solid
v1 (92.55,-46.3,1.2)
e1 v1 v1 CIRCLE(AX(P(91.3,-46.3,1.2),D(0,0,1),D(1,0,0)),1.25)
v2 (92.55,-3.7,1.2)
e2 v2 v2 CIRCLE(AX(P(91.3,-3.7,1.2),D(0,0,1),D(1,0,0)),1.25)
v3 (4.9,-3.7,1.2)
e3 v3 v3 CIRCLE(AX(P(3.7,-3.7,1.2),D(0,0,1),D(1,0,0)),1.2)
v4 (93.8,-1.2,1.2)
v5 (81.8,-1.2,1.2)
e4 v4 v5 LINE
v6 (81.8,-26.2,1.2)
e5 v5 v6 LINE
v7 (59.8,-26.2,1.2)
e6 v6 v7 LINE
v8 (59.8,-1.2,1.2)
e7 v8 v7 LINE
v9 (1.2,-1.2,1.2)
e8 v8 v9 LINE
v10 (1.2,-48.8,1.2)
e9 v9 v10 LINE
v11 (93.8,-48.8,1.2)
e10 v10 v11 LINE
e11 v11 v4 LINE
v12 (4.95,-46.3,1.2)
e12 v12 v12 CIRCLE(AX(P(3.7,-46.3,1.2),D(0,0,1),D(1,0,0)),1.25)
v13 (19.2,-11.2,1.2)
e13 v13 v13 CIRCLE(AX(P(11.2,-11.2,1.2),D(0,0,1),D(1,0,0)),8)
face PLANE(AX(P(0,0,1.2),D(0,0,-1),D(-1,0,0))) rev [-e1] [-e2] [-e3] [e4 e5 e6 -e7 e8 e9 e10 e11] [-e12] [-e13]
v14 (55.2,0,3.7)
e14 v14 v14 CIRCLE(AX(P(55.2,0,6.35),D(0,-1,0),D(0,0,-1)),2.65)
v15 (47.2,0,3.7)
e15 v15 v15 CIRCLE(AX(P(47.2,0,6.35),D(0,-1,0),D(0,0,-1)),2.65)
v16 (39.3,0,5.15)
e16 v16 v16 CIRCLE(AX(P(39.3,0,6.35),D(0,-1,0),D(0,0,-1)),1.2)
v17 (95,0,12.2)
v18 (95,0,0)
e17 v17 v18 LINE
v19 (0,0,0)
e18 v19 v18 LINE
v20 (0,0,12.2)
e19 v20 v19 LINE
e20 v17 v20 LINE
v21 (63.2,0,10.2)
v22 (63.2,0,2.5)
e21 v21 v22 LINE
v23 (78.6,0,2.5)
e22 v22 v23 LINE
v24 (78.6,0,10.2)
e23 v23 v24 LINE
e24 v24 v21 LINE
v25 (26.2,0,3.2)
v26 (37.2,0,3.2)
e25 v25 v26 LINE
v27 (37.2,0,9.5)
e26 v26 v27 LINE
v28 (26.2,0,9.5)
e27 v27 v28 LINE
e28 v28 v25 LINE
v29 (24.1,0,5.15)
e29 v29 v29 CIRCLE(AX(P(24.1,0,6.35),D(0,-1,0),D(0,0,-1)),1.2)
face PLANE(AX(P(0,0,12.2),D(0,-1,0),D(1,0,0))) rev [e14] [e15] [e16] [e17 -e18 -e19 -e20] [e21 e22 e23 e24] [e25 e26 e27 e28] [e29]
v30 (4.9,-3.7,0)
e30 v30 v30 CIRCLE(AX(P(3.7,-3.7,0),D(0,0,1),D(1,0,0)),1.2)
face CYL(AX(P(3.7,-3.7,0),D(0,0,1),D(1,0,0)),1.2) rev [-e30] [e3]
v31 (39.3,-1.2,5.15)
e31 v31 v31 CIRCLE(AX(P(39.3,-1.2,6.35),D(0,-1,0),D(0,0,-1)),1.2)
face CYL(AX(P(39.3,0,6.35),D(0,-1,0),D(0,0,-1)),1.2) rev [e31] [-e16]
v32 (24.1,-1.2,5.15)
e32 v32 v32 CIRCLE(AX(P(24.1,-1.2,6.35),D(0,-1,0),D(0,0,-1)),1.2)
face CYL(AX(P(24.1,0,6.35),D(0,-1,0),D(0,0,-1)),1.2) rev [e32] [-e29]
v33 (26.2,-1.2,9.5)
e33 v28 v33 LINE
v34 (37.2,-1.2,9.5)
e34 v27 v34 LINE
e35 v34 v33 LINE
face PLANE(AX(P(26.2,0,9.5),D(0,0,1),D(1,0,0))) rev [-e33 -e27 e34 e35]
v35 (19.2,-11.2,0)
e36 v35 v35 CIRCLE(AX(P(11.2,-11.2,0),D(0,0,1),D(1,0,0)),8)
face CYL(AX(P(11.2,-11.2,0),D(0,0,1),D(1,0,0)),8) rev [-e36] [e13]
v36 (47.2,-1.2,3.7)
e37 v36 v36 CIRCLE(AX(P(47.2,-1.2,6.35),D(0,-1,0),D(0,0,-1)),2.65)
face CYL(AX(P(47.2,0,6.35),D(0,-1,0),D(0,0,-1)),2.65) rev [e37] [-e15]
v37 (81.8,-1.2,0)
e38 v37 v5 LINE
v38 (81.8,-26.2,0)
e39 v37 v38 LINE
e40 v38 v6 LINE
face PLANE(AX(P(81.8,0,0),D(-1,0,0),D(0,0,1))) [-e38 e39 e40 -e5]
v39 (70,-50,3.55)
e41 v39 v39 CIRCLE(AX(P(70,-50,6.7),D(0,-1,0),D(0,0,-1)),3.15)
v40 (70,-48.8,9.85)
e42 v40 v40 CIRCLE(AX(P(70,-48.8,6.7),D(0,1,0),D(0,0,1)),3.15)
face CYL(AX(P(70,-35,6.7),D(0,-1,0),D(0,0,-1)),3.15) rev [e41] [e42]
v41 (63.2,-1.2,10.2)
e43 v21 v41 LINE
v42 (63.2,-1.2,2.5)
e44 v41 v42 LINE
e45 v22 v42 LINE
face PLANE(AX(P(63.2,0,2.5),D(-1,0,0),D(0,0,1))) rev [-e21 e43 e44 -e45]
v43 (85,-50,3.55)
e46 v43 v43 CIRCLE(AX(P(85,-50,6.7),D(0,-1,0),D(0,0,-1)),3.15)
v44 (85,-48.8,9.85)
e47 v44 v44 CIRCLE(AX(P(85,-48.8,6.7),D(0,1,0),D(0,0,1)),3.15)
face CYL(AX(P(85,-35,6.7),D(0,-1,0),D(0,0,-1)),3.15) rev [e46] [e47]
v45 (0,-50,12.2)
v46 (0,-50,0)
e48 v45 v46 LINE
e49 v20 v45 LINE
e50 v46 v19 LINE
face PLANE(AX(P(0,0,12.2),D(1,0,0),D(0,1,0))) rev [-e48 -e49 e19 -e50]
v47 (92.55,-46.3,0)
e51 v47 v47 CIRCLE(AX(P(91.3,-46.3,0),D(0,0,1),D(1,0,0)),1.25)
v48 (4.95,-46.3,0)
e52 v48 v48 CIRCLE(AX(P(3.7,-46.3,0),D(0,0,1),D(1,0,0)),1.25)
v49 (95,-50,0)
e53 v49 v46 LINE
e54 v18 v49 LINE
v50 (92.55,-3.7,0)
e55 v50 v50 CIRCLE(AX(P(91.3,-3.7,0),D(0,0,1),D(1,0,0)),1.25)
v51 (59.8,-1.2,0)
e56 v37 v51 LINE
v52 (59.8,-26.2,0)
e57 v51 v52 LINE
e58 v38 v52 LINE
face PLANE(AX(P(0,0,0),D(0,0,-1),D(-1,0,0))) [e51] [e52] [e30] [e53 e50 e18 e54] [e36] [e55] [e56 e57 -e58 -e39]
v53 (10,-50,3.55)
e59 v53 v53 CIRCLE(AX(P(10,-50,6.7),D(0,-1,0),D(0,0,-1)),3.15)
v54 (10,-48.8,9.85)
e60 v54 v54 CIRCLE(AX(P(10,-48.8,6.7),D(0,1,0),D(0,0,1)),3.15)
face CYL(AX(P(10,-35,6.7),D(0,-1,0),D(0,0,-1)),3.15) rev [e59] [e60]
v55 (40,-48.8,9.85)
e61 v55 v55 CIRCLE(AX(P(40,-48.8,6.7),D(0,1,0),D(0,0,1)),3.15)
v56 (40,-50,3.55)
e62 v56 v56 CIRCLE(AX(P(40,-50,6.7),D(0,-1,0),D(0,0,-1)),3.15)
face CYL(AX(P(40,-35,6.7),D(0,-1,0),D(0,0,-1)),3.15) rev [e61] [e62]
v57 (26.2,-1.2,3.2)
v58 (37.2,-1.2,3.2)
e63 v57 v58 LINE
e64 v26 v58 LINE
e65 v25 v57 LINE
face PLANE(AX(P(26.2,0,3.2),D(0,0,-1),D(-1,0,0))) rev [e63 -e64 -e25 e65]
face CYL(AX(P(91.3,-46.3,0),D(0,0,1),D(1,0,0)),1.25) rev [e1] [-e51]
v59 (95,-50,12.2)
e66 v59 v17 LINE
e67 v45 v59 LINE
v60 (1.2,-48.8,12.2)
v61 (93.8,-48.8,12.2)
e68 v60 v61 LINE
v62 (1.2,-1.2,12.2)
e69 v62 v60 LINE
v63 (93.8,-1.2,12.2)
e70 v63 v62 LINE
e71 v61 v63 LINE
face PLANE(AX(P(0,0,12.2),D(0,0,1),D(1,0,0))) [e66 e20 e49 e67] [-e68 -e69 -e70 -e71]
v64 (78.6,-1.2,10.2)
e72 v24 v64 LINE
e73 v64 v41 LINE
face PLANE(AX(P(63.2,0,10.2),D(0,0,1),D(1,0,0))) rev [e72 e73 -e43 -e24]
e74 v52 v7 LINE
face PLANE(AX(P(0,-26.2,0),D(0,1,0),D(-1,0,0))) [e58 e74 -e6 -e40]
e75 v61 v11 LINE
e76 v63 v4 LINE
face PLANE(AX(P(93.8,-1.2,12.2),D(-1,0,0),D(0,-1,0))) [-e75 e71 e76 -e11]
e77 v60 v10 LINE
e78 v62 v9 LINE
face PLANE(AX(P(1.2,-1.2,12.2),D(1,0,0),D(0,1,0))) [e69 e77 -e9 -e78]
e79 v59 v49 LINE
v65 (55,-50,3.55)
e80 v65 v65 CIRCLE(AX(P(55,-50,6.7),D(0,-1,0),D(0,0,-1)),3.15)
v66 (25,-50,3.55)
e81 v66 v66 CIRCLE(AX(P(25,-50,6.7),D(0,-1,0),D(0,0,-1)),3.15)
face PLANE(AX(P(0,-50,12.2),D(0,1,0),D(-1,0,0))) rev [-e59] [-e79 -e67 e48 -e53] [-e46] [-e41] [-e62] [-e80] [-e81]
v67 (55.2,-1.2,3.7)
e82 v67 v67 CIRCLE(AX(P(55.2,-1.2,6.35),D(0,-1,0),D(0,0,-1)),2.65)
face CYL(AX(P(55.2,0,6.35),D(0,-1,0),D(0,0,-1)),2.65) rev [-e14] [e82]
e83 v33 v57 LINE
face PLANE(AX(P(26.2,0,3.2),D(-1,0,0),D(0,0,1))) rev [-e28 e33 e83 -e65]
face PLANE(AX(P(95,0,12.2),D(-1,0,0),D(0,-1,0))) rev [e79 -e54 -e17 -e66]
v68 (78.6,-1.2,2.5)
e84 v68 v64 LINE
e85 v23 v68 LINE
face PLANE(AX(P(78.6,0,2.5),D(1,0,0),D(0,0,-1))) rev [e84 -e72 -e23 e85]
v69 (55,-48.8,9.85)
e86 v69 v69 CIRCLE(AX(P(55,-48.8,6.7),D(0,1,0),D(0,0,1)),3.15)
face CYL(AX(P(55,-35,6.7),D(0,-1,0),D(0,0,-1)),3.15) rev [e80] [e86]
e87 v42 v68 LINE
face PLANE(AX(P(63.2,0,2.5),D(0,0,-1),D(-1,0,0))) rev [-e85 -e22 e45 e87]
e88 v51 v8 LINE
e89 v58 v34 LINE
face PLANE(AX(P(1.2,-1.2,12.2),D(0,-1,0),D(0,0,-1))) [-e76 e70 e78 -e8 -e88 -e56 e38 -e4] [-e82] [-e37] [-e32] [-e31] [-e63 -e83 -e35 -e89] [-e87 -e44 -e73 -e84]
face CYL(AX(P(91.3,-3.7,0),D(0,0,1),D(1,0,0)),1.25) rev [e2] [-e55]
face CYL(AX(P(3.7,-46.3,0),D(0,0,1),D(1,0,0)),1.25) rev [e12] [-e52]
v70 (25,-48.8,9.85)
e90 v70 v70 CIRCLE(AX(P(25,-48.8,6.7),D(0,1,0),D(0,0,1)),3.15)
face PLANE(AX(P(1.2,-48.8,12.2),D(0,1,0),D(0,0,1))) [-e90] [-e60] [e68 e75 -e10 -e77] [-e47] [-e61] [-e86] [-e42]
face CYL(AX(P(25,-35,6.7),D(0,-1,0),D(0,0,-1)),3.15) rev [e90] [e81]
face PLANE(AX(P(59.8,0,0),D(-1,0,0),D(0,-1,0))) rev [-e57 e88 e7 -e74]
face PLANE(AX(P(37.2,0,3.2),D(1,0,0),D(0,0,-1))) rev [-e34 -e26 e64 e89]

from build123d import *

# Parameters (mm, degrees)
SKICA2_W                 = 95
SKICA2_H                 = 50
SKICA2_W_2               = 92.6
SKICA2_H_2               = 47.6
P_IDAT_VYSUNUT_M3_DEPTH  = 11
SKICA7_R                 = 1.2
SKICA7_W                 = 11
SKICA7_H                 = 6.3
ODEBRAT_VYSUNUT_M1_DEPTH = 71.924466864
SKICA8_R                 = 2.65
SKICA8_W                 = 15.4
SKICA8_H                 = 7.7
ODEBRAT_VYSUNUT_M2_DEPTH = 71.924466864
SKICA9_R                 = 3.15
ODEBRAT_VYSUNUT_M3_DEPTH = 15
SKICA12_W                = 95
SKICA12_H                = 50
P_IDAT_VYSUNUT_M4_DEPTH  = 1.2
SKICA13_R                = 8
SKICA13_W                = 22
SKICA13_H                = 25
SKICA13_R_2              = 1.2
SKICA13_R_3              = 1.25
ODEBRAT_VYSUNUT_M4_DEPTH = 1.2


with BuildPart() as part:
    # Skica2 → Přidat vysunutím3 (new body)
    with BuildSketch(Plane.XY.offset(1.2)):
        with Locations((47.5, -25)):
            Rectangle(SKICA2_W, SKICA2_H)
        with Locations((47.5, -25)):
            Rectangle(SKICA2_W_2, SKICA2_H_2, mode=Mode.SUBTRACT)
    extrude(amount=P_IDAT_VYSUNUT_M3_DEPTH)

    # Skica7 → Odebrat vysunutím1 (cut, through all)
    with BuildSketch(Plane(origin=(45, -1.2, 0), x_dir=(1, 0, 0), z_dir=(0, -1, 0))):
        with Locations(Location((-20.9, 6.35, 0), (0, 0, 270))):
            Circle(SKICA7_R)
        with Locations(Location((-5.7, 6.35, 0), (0, 0, 270))):
            Circle(SKICA7_R)
        with Locations((-13.3, 6.35)):
            Rectangle(SKICA7_W, SKICA7_H)
    extrude(amount=-ODEBRAT_VYSUNUT_M1_DEPTH, mode=Mode.SUBTRACT)

    # Skica8 → Odebrat vysunutím2 (cut, through all)
    with BuildSketch(Plane(origin=(45, -1.2, 0), x_dir=(1, 0, 0), z_dir=(0, -1, 0))):
        with Locations(Location((2.2, 6.35, 0), (0, 0, 270))):
            Circle(SKICA8_R)
        with Locations(Location((10.2, 6.35, 0), (0, 0, 270))):
            Circle(SKICA8_R)
        with Locations((25.9, 6.35)):
            Rectangle(SKICA8_W, SKICA8_H)
    extrude(amount=-ODEBRAT_VYSUNUT_M2_DEPTH, mode=Mode.SUBTRACT)

    # Skica9 → Odebrat vysunutím3 (cut)
    with BuildSketch(Plane(origin=(45, -50, 0), x_dir=(1, 0, 0), z_dir=(0, -1, 0))):
        with Locations(Location((-20, 6.7, 0), (0, 0, 270))):
            Circle(SKICA9_R)
        with Locations(Location((-5, 6.7, 0), (0, 0, 270))):
            Circle(SKICA9_R)
        with Locations(Location((10, 6.7, 0), (0, 0, 270))):
            Circle(SKICA9_R)
        with Locations(Location((25, 6.7, 0), (0, 0, 270))):
            Circle(SKICA9_R)
        with Locations(Location((40, 6.7, 0), (0, 0, 270))):
            Circle(SKICA9_R)
        with Locations(Location((-35, 6.7, 0), (0, 0, 270))):
            Circle(SKICA9_R)
    extrude(amount=-ODEBRAT_VYSUNUT_M3_DEPTH, mode=Mode.SUBTRACT)

    # Skica12 → Přidat vysunutím4 (add)
    with BuildSketch(Plane(origin=(0, 0, 1.2), x_dir=(-1, 0, 0), z_dir=(0, 0, -1))):
        with Locations((-47.5, -25)):
            Rectangle(SKICA12_W, SKICA12_H)
    extrude(amount=P_IDAT_VYSUNUT_M4_DEPTH)

    # Skica13 → Odebrat vysunutím4 (cut)
    with BuildSketch(Plane.XY.offset(1.2)):
        with Locations((11.2, -11.2)):
            Circle(SKICA13_R)
        with Locations((70.8, -13.7)):
            Rectangle(SKICA13_W, SKICA13_H)
        with Locations((3.7, -3.7)):
            Circle(SKICA13_R_2)
        with Locations((91.3, -3.7)):
            Circle(SKICA13_R_3)
        with Locations((91.3, -46.3)):
            Circle(SKICA13_R_3)
        with Locations((3.7, -46.3)):
            Circle(SKICA13_R_3)
    extrude(amount=-ODEBRAT_VYSUNUT_M4_DEPTH, mode=Mode.SUBTRACT)


solid = part.part
